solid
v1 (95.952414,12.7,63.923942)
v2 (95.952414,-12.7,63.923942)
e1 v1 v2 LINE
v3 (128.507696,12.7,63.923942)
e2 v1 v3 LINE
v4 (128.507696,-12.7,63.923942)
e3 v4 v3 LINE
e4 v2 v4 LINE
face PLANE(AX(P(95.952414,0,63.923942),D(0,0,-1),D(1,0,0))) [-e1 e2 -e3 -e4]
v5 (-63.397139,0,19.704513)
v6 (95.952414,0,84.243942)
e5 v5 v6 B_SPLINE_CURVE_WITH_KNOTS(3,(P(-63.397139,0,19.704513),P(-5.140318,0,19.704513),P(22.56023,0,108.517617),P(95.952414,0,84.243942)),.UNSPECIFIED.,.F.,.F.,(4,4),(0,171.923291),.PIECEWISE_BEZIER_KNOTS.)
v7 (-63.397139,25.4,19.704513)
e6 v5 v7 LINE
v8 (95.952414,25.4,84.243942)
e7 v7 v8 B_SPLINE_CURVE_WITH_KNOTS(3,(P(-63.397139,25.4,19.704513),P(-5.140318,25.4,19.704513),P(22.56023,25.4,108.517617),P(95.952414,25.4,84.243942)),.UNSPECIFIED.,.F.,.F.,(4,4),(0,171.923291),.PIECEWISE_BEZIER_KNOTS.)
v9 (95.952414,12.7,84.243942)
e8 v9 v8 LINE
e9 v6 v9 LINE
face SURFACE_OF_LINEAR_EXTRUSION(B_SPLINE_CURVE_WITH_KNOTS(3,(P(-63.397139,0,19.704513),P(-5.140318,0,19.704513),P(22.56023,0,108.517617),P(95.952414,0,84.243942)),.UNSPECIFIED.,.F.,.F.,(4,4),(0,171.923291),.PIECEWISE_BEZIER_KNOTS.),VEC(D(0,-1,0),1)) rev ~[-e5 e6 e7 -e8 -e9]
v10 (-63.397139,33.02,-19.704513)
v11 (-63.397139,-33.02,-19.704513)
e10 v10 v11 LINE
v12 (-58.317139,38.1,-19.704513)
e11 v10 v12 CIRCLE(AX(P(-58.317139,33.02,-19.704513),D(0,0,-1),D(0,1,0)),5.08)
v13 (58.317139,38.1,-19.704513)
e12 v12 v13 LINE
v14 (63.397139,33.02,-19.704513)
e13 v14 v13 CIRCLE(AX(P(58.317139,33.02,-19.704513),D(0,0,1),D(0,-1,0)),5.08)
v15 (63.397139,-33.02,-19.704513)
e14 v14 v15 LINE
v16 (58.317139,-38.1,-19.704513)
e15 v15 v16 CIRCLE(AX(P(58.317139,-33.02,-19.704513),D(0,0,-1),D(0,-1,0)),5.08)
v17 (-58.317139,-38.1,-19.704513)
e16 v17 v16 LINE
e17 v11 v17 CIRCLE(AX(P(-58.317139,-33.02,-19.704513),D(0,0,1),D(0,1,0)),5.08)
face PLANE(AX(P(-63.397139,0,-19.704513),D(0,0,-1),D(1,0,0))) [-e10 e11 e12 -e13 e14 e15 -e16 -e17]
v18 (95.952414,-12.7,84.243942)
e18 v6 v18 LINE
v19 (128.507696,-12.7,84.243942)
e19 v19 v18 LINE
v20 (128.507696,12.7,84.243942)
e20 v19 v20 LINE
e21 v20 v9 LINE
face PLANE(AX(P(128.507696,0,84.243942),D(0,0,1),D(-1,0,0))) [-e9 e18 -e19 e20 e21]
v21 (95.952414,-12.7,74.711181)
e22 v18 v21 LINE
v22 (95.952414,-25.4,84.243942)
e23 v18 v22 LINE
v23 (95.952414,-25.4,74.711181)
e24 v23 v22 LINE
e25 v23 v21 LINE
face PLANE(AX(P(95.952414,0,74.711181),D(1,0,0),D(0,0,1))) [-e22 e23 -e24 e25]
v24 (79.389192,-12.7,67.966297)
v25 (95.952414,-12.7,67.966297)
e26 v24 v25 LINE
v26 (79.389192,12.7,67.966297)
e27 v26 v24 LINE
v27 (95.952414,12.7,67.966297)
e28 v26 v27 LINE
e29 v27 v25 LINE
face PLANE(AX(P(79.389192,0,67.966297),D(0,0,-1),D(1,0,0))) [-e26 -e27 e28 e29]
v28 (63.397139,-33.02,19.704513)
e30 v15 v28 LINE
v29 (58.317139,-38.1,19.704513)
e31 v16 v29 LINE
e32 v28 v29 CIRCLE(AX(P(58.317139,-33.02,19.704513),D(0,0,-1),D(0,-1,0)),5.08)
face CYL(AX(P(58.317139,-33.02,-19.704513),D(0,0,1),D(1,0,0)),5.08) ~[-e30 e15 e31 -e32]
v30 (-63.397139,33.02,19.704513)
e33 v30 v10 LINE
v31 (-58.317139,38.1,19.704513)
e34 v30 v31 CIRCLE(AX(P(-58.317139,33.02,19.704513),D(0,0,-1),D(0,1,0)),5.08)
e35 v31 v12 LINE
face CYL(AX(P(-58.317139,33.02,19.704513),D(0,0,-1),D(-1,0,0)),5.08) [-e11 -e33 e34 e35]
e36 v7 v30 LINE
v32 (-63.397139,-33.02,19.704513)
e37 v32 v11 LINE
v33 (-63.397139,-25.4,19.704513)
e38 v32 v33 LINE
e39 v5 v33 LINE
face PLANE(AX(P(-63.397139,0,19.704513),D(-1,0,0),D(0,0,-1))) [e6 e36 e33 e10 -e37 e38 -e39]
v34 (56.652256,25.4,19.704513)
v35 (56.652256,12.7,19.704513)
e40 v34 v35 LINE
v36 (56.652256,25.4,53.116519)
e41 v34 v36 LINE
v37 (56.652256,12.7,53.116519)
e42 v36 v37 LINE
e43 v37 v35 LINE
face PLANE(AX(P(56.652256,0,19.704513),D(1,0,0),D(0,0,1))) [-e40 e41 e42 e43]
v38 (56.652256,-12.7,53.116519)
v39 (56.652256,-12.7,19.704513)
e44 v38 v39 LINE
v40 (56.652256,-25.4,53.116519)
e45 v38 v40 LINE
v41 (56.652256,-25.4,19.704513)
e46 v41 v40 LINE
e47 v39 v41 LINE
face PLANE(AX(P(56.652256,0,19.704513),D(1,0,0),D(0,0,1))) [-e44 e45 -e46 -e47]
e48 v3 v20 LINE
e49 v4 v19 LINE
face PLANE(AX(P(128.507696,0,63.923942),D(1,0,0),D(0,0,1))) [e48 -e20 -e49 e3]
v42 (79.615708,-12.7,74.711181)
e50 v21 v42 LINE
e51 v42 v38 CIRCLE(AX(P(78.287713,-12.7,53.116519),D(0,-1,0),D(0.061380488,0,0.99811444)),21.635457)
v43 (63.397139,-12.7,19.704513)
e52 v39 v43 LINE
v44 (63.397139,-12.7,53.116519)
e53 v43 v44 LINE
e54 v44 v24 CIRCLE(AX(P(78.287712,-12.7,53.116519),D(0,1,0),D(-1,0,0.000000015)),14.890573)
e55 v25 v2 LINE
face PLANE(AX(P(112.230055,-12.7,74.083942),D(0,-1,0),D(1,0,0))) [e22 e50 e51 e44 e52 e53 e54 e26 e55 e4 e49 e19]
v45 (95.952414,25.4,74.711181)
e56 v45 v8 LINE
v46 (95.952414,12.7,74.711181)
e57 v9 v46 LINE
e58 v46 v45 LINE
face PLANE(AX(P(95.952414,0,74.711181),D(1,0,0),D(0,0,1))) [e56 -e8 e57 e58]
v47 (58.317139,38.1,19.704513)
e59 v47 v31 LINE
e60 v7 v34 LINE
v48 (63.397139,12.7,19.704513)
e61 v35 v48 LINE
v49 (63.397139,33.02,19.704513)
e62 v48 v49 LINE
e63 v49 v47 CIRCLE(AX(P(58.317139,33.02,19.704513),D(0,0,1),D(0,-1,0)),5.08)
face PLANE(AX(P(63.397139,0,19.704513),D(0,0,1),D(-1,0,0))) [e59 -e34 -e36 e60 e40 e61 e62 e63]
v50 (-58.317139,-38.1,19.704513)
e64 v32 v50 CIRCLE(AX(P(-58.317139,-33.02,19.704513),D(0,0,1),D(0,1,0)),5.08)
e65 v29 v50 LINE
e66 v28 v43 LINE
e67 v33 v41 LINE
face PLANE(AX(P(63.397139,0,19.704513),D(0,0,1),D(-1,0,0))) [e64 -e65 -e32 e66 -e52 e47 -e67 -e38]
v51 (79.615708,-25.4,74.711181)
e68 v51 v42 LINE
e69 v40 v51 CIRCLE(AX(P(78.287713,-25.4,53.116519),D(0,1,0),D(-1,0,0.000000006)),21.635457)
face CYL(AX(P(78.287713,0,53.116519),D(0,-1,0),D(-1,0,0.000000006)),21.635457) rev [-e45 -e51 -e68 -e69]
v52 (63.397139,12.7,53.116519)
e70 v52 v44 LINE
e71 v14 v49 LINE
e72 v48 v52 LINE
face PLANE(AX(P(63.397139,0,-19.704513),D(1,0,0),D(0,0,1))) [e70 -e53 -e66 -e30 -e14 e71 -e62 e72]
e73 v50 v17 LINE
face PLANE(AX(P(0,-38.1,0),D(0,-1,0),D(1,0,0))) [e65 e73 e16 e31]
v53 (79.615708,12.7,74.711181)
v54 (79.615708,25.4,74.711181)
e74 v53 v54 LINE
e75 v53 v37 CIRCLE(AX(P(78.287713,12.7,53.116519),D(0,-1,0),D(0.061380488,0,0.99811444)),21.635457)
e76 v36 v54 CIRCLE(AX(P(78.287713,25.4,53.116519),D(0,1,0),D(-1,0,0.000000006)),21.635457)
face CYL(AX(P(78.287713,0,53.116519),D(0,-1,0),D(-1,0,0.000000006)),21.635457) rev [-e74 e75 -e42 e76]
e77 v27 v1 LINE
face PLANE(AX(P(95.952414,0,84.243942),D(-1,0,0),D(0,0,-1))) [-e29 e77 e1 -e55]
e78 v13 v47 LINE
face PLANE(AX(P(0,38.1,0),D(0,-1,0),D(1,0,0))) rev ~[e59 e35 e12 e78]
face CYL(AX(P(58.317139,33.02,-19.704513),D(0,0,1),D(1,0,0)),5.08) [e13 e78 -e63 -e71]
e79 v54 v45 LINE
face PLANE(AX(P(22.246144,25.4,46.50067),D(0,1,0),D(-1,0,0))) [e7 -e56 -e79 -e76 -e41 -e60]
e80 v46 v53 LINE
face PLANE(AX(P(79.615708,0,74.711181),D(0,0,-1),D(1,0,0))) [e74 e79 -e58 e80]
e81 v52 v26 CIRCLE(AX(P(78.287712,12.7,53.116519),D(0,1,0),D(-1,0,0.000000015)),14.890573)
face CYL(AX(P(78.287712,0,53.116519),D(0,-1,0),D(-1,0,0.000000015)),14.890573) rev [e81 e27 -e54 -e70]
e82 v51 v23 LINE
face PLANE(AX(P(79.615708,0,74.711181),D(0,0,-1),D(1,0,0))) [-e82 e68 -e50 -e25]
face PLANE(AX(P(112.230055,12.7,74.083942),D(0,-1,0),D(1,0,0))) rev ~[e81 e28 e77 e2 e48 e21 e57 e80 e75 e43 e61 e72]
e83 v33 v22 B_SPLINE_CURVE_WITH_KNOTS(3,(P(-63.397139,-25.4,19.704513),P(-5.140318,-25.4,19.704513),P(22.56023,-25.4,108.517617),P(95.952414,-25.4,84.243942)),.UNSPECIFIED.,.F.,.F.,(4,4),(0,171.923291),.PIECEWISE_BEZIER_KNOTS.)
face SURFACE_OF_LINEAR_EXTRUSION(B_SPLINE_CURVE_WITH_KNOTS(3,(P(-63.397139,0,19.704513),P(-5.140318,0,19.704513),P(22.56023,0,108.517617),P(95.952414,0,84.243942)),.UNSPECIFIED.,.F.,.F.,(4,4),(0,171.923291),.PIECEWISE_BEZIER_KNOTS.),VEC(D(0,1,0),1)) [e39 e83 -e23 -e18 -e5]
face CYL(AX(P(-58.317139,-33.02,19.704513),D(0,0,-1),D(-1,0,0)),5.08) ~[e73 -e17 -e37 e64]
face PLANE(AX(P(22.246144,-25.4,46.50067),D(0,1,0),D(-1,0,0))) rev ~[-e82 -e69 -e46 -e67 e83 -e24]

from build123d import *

# Parameters (mm, degrees)
F1_DEPTH = 38.1
F2_DEPTH = 25.4
F3_DEPTH = 12.7
F4_DEPTH = 12.7
F5_R     = 5.08


with BuildPart() as f1:
    # F0 (on Front) → F1 (new body, symmetric)
    with BuildSketch(Plane.XZ):
        Polygon((-63.397139, 19.704513), (-63.397139, -19.704513), (63.397139, -19.704513), (63.397139, 19.704513), (56.652256, 19.704513), align=None)
    extrude(amount=F1_DEPTH, both=True)

    # F0 (on Front) → F2 (join, symmetric)
    with BuildSketch(Plane.XZ):
        with BuildLine():
            add(Edge.make_bspline(
                [(-63.397139, 19.704513), (-5.140318, 19.704513), (22.56023, 108.517617), (95.952414, 84.243942)],
                knots=[0, 0, 0, 0, 171.923291, 171.923291, 171.923291, 171.923291], degree=3))
            Line((-63.397139, 19.704513), (56.652256, 19.704513))
            Line((56.652256, 19.704513), (56.652256, 53.116519))
            ThreePointArc((56.652256, 53.116519), (63.466087, 68.877623), (79.615708, 74.711181))
            Line((79.615708, 74.711181), (95.952414, 74.711181))
            Line((95.952414, 74.711181), (95.952414, 84.243942))
        make_face()
    extrude(amount=F2_DEPTH, both=True)

    # F0 (on Front) → F3 (join, symmetric)
    with BuildSketch(Plane.XZ):
        with BuildLine():
            Line((56.652256, 19.704513), (63.397139, 19.704513))
            Line((63.397139, 19.704513), (63.397139, 53.116519))
            ThreePointArc((63.397139, 53.116519), (68.1554, 64.028229), (79.389192, 67.966297))
            Line((79.389192, 67.966297), (95.952414, 67.966297))
            Line((95.952414, 67.966297), (95.952414, 74.711181))
            Line((95.952414, 74.711181), (79.615708, 74.711181))
            ThreePointArc((79.615708, 74.711181), (63.466087, 68.877623), (56.652256, 53.116519))
            Line((56.652256, 53.116519), (56.652256, 19.704513))
        make_face()
    extrude(amount=F3_DEPTH, both=True)

    # F0 (on Front) → F4 (join, symmetric)
    with BuildSketch(Plane.XZ):
        Polygon((128.507696, 84.243942), (95.952414, 84.243942), (95.952414, 74.711181), (95.952414, 67.966297), (95.952414, 63.923942), (128.507696, 63.923942), align=None)
    extrude(amount=F4_DEPTH, both=True)

    # F5
    f5_edges = [f1.edges().sort_by_distance(p)[0] for p in [
        (-63.397139, -38.1, 0),
        (63.397139, -38.1, 0),
        (63.397139, 38.1, 0),
        (-63.397139, 38.1, 0),
    ]]
    fillet(f5_edges, radius=F5_R)


solid = f1.part
